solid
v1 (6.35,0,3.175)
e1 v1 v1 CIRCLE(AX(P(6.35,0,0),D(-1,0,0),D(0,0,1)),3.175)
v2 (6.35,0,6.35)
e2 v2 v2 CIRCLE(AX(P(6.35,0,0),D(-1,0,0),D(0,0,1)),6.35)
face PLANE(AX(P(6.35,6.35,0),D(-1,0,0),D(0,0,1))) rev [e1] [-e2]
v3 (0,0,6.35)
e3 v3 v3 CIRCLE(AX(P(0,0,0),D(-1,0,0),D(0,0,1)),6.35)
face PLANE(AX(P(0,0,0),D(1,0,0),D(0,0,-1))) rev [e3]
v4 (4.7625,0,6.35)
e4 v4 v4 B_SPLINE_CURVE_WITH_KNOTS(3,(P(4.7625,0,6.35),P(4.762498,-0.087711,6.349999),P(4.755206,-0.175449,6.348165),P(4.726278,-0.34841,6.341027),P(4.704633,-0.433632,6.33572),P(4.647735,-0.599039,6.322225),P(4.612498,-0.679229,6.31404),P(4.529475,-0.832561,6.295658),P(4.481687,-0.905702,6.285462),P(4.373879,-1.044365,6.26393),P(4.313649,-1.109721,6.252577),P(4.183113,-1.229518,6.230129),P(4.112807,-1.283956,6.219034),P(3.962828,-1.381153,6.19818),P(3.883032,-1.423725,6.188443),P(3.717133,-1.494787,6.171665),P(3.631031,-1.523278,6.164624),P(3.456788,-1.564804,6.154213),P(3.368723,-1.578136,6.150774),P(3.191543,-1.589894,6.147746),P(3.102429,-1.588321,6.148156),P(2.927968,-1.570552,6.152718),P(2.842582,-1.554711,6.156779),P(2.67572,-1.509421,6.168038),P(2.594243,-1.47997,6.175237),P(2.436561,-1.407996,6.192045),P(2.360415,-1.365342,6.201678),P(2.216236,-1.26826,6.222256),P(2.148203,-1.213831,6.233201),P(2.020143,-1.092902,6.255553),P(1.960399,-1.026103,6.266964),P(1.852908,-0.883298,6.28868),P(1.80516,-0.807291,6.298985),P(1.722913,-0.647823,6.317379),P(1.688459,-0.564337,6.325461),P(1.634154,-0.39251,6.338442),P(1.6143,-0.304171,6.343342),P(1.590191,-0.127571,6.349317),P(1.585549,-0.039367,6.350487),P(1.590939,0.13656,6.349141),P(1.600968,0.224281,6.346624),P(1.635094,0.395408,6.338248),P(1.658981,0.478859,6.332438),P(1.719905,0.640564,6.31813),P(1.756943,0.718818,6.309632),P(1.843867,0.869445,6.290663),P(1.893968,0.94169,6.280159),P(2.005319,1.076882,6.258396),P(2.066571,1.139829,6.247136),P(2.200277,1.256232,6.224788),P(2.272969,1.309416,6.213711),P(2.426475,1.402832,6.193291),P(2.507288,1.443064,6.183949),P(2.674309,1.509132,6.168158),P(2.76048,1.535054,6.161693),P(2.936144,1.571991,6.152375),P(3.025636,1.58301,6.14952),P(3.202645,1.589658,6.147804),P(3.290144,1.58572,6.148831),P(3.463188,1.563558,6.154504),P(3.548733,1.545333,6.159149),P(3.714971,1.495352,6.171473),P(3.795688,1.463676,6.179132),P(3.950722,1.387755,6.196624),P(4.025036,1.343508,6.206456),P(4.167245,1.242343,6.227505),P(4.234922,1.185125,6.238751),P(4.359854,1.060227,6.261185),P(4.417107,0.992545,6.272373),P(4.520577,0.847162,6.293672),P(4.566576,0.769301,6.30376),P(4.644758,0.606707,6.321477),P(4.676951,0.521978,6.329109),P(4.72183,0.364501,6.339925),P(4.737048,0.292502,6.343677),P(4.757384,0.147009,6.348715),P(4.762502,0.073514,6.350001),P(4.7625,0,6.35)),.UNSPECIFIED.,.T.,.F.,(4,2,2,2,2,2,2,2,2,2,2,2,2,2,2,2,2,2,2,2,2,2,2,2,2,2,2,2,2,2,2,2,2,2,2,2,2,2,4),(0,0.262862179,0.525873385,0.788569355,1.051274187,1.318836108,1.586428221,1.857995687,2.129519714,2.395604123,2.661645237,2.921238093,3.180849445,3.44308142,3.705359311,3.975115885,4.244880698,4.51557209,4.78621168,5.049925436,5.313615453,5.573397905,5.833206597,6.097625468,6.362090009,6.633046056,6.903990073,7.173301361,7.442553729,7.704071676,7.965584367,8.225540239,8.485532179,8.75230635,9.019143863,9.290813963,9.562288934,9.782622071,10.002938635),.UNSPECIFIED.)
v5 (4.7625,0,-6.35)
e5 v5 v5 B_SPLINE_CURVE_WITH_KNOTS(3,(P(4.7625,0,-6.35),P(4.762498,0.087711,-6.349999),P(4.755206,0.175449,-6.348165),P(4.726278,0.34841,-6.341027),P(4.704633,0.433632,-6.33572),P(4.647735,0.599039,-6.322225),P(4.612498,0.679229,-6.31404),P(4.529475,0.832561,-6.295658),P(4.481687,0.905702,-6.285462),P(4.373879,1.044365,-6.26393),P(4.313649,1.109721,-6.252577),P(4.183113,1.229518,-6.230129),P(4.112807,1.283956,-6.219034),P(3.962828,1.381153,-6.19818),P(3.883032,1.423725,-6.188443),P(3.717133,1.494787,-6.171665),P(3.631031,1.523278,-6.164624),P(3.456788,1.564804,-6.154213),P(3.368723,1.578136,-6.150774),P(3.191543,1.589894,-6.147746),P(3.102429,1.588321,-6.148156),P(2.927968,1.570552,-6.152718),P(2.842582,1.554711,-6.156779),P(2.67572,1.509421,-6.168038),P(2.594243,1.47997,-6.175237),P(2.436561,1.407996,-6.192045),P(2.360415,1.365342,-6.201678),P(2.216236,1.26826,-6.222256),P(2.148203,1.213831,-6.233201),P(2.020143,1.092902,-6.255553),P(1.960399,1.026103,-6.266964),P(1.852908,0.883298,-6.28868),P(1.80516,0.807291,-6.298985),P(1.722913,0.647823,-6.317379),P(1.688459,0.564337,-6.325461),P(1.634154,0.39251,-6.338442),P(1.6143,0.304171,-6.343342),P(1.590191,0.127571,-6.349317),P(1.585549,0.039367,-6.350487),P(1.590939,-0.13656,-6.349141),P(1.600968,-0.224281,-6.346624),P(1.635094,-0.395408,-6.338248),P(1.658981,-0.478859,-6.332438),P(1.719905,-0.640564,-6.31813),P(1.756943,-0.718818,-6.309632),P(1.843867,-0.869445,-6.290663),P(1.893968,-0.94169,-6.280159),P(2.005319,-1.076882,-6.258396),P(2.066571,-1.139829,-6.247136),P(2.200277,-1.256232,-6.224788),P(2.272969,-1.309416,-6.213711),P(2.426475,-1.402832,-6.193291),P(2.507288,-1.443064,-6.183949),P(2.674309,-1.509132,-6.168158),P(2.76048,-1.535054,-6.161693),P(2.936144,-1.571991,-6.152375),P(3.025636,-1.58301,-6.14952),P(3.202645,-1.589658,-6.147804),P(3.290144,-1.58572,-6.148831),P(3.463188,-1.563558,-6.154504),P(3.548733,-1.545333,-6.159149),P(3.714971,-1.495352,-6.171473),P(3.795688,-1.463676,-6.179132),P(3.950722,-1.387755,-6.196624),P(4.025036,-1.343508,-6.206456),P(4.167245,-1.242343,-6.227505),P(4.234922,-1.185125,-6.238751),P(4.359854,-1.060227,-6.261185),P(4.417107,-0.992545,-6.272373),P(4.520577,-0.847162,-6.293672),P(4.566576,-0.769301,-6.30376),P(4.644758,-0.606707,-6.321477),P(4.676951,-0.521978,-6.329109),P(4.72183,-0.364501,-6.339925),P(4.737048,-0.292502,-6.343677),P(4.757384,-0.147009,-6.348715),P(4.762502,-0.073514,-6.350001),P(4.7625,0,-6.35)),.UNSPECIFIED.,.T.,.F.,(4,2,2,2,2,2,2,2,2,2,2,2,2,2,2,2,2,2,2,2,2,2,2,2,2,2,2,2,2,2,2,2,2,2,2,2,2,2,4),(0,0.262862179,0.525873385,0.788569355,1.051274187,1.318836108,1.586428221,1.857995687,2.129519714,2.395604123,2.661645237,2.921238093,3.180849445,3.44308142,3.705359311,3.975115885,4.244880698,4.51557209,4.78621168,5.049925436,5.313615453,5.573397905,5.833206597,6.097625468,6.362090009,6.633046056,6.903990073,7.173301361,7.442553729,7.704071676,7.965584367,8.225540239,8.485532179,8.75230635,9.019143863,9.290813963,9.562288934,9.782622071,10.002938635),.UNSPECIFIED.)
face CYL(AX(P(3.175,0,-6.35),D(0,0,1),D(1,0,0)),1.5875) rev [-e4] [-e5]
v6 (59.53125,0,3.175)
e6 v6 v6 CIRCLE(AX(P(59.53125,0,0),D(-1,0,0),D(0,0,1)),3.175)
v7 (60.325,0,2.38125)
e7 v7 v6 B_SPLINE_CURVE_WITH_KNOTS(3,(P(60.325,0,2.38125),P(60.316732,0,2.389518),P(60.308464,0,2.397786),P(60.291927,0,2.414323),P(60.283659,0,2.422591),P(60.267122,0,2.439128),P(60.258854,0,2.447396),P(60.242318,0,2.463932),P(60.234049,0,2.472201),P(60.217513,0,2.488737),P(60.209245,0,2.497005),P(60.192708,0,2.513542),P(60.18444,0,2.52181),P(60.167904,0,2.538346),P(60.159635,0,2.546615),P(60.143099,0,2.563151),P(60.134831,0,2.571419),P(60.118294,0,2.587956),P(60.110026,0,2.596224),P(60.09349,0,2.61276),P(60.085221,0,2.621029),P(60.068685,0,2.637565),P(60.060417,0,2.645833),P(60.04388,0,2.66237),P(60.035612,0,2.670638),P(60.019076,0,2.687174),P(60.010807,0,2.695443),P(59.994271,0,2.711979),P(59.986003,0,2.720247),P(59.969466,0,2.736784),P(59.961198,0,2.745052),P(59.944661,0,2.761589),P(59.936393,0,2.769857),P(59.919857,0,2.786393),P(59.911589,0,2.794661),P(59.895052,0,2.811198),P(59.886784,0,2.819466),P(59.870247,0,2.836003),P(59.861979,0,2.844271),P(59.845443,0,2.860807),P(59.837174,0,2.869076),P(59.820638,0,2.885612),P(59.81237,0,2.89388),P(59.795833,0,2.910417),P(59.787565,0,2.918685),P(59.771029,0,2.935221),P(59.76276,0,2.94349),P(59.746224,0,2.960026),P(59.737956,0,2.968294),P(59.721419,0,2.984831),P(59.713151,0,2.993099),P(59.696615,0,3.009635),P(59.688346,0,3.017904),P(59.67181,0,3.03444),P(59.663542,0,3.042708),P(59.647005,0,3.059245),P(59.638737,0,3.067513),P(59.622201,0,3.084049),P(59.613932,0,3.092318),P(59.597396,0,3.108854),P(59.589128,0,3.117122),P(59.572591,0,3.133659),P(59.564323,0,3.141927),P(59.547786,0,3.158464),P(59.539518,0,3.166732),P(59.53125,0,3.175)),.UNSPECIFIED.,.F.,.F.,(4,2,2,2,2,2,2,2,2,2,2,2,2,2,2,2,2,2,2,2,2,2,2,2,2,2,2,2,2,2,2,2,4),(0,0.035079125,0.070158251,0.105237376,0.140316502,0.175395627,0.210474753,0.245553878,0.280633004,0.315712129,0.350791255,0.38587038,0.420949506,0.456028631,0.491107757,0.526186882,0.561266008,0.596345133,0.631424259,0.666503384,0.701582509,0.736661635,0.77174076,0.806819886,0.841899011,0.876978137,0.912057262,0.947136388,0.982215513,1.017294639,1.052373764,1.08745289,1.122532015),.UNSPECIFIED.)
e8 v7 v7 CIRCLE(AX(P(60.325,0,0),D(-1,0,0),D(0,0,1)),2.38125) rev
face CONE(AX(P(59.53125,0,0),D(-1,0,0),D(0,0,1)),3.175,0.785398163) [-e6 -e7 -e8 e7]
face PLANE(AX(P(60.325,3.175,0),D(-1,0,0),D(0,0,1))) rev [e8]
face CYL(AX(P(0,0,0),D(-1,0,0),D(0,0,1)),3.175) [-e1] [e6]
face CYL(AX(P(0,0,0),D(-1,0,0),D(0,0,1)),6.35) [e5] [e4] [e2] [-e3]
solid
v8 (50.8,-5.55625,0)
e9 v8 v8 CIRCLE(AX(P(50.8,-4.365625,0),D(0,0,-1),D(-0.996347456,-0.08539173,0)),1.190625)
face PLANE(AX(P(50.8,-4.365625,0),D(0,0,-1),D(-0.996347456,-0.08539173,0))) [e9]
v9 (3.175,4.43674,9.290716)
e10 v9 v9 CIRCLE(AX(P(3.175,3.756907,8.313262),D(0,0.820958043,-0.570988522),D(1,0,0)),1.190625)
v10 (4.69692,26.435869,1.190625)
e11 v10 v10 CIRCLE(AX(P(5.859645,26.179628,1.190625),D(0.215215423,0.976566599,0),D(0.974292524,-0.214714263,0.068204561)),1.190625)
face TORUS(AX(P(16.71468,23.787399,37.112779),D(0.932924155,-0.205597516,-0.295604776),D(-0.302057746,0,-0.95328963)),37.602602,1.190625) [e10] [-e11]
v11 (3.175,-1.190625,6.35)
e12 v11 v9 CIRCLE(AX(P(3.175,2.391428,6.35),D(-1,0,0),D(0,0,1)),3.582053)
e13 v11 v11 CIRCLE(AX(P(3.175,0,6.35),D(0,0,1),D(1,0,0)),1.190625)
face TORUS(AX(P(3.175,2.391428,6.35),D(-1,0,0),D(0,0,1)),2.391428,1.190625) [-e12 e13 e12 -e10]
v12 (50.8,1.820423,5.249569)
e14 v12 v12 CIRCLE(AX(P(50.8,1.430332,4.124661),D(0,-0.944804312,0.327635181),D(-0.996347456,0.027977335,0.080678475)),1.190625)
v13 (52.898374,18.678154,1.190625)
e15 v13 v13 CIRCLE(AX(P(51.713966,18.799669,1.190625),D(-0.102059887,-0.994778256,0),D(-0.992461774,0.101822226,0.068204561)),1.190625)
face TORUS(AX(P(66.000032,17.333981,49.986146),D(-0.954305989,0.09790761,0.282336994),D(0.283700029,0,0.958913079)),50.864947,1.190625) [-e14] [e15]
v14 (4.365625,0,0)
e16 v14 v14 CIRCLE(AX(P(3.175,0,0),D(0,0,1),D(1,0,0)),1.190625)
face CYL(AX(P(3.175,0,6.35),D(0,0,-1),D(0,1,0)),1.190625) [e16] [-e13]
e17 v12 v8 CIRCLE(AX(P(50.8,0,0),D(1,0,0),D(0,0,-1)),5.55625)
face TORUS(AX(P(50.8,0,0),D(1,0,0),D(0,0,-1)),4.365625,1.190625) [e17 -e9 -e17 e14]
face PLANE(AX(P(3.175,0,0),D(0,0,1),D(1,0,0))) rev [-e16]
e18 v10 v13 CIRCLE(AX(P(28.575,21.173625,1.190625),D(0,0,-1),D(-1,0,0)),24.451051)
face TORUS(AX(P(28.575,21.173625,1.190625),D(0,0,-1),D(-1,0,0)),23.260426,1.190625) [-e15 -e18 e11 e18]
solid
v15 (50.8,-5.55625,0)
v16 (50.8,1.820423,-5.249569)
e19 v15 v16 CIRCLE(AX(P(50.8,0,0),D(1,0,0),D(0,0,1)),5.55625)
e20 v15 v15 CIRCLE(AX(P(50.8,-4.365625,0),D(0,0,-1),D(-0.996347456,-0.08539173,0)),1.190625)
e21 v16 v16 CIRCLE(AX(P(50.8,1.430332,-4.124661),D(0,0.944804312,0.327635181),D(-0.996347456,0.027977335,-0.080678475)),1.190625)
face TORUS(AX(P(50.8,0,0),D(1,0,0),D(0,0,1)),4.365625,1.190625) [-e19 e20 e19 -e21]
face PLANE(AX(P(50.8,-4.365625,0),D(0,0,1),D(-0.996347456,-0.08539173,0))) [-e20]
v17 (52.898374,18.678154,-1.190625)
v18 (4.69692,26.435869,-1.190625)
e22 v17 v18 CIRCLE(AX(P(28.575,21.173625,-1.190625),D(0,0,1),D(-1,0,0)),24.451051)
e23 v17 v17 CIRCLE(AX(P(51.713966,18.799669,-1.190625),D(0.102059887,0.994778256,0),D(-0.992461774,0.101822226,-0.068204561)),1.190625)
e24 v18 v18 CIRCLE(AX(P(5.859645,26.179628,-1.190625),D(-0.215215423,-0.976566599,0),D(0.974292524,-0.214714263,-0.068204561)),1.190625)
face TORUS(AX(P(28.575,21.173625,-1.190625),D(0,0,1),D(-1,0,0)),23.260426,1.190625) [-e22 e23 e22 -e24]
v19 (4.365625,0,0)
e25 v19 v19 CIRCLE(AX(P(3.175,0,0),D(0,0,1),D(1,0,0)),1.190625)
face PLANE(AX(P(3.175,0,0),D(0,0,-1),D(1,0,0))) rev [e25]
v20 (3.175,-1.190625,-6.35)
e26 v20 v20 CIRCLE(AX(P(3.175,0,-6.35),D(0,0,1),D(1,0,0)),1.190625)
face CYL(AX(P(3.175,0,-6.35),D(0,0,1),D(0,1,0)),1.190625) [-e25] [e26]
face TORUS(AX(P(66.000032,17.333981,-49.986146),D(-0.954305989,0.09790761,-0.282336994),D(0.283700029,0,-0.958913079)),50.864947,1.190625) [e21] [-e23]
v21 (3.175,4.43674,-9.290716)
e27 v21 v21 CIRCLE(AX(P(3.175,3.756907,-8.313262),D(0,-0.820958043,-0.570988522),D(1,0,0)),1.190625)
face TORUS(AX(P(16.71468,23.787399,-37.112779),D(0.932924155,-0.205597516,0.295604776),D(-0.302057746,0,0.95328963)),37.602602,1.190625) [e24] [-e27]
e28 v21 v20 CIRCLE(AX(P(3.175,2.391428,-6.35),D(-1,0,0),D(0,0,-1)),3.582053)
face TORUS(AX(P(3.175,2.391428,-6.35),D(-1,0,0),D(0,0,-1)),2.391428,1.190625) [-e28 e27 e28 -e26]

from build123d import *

# Parameters (mm, degrees)
CUT_EXTRUDE1_DEPTH      = 61.989758362
CUT_EXTRUDE1_DEPTH_BACK = 61.989758362
SKETCH2_R               = 1.5875
CHAMFER1_SIZE           = 0.79375
SKETCH3_R               = 1.190625


with BuildPart() as part:
    # Sketch1 → Revolve1 (revolve)
    with BuildSketch(Plane.XY, mode=Mode.PRIVATE) as revolve1_sk:
        Polygon((0, 0), (0, 6.35), (6.35, 6.35), (6.35, 3.175), (60.325, 3.175), (60.325, 0), align=None)
    revolve(revolve1_sk.sketch.rotate(Axis((0, 0, 0), (1, 0, 0)), 90), axis=Axis((0, 0, 0), (1, 0, 0)))

    # Sketch2 → Cut-Extrude1 (cut, two sides: drawn at the far end of the back side and taken through both)
    with BuildSketch(Plane.XY.offset(-CUT_EXTRUDE1_DEPTH_BACK)):
        with Locations((3.175, 0)):
            Circle(SKETCH2_R)
    extrude(amount=CUT_EXTRUDE1_DEPTH + CUT_EXTRUDE1_DEPTH_BACK, mode=Mode.SUBTRACT)

    # Chamfer1
    chamfer1_edges = [part.edges().sort_by_distance(p)[0] for p in [
        (60.325, 0, -3.175),
    ]]
    chamfer(chamfer1_edges, length=CHAMFER1_SIZE)


with BuildPart() as body_2:
    # Sweep1: sweep along a curve in space
    with BuildLine() as sweep1_path:
        Line((3.175, 0, 0), (3.175, 0, 6.35))
        ThreePointArc((3.175, 0, 6.35), (3.175, 1.28384402, 8.469477967), (3.175, 3.756906703, 8.313262449))
        ThreePointArc((3.175, 3.756906703, 8.313262449), (3.863675449, 14.495656711, 3.017751381), (5.859644914, 26.179627704, 1.190625))
        ThreePointArc((51.713966002, 18.799668831, 1.190625), (32.271053273, 44.138524743, 1.190625), (5.859644914, 26.179627704, 1.190625))
        ThreePointArc((50.8, 1.430332338, 4.124661325), (51.030235189, 10.003972806, 1.929731713), (51.713966002, 18.799668831, 1.190625))
        ThreePointArc((50.8, 1.430332338, 4.124661325), (50.8, -2.531243472, 3.556893044), (50.8, -4.365625, 0))
    # Sketch3 → Sweep1 (sweep)
    with BuildSketch(Plane.XY):
        with Locations((3.175, 0)):
            Circle(SKETCH3_R)
    sweep(path=sweep1_path.line)


with BuildPart() as body_3:
    # Mirror4: mirrored copy
    add(body_2.part.mirror(Plane.XY))


solid = Compound([part.part, body_2.part, body_3.part])
